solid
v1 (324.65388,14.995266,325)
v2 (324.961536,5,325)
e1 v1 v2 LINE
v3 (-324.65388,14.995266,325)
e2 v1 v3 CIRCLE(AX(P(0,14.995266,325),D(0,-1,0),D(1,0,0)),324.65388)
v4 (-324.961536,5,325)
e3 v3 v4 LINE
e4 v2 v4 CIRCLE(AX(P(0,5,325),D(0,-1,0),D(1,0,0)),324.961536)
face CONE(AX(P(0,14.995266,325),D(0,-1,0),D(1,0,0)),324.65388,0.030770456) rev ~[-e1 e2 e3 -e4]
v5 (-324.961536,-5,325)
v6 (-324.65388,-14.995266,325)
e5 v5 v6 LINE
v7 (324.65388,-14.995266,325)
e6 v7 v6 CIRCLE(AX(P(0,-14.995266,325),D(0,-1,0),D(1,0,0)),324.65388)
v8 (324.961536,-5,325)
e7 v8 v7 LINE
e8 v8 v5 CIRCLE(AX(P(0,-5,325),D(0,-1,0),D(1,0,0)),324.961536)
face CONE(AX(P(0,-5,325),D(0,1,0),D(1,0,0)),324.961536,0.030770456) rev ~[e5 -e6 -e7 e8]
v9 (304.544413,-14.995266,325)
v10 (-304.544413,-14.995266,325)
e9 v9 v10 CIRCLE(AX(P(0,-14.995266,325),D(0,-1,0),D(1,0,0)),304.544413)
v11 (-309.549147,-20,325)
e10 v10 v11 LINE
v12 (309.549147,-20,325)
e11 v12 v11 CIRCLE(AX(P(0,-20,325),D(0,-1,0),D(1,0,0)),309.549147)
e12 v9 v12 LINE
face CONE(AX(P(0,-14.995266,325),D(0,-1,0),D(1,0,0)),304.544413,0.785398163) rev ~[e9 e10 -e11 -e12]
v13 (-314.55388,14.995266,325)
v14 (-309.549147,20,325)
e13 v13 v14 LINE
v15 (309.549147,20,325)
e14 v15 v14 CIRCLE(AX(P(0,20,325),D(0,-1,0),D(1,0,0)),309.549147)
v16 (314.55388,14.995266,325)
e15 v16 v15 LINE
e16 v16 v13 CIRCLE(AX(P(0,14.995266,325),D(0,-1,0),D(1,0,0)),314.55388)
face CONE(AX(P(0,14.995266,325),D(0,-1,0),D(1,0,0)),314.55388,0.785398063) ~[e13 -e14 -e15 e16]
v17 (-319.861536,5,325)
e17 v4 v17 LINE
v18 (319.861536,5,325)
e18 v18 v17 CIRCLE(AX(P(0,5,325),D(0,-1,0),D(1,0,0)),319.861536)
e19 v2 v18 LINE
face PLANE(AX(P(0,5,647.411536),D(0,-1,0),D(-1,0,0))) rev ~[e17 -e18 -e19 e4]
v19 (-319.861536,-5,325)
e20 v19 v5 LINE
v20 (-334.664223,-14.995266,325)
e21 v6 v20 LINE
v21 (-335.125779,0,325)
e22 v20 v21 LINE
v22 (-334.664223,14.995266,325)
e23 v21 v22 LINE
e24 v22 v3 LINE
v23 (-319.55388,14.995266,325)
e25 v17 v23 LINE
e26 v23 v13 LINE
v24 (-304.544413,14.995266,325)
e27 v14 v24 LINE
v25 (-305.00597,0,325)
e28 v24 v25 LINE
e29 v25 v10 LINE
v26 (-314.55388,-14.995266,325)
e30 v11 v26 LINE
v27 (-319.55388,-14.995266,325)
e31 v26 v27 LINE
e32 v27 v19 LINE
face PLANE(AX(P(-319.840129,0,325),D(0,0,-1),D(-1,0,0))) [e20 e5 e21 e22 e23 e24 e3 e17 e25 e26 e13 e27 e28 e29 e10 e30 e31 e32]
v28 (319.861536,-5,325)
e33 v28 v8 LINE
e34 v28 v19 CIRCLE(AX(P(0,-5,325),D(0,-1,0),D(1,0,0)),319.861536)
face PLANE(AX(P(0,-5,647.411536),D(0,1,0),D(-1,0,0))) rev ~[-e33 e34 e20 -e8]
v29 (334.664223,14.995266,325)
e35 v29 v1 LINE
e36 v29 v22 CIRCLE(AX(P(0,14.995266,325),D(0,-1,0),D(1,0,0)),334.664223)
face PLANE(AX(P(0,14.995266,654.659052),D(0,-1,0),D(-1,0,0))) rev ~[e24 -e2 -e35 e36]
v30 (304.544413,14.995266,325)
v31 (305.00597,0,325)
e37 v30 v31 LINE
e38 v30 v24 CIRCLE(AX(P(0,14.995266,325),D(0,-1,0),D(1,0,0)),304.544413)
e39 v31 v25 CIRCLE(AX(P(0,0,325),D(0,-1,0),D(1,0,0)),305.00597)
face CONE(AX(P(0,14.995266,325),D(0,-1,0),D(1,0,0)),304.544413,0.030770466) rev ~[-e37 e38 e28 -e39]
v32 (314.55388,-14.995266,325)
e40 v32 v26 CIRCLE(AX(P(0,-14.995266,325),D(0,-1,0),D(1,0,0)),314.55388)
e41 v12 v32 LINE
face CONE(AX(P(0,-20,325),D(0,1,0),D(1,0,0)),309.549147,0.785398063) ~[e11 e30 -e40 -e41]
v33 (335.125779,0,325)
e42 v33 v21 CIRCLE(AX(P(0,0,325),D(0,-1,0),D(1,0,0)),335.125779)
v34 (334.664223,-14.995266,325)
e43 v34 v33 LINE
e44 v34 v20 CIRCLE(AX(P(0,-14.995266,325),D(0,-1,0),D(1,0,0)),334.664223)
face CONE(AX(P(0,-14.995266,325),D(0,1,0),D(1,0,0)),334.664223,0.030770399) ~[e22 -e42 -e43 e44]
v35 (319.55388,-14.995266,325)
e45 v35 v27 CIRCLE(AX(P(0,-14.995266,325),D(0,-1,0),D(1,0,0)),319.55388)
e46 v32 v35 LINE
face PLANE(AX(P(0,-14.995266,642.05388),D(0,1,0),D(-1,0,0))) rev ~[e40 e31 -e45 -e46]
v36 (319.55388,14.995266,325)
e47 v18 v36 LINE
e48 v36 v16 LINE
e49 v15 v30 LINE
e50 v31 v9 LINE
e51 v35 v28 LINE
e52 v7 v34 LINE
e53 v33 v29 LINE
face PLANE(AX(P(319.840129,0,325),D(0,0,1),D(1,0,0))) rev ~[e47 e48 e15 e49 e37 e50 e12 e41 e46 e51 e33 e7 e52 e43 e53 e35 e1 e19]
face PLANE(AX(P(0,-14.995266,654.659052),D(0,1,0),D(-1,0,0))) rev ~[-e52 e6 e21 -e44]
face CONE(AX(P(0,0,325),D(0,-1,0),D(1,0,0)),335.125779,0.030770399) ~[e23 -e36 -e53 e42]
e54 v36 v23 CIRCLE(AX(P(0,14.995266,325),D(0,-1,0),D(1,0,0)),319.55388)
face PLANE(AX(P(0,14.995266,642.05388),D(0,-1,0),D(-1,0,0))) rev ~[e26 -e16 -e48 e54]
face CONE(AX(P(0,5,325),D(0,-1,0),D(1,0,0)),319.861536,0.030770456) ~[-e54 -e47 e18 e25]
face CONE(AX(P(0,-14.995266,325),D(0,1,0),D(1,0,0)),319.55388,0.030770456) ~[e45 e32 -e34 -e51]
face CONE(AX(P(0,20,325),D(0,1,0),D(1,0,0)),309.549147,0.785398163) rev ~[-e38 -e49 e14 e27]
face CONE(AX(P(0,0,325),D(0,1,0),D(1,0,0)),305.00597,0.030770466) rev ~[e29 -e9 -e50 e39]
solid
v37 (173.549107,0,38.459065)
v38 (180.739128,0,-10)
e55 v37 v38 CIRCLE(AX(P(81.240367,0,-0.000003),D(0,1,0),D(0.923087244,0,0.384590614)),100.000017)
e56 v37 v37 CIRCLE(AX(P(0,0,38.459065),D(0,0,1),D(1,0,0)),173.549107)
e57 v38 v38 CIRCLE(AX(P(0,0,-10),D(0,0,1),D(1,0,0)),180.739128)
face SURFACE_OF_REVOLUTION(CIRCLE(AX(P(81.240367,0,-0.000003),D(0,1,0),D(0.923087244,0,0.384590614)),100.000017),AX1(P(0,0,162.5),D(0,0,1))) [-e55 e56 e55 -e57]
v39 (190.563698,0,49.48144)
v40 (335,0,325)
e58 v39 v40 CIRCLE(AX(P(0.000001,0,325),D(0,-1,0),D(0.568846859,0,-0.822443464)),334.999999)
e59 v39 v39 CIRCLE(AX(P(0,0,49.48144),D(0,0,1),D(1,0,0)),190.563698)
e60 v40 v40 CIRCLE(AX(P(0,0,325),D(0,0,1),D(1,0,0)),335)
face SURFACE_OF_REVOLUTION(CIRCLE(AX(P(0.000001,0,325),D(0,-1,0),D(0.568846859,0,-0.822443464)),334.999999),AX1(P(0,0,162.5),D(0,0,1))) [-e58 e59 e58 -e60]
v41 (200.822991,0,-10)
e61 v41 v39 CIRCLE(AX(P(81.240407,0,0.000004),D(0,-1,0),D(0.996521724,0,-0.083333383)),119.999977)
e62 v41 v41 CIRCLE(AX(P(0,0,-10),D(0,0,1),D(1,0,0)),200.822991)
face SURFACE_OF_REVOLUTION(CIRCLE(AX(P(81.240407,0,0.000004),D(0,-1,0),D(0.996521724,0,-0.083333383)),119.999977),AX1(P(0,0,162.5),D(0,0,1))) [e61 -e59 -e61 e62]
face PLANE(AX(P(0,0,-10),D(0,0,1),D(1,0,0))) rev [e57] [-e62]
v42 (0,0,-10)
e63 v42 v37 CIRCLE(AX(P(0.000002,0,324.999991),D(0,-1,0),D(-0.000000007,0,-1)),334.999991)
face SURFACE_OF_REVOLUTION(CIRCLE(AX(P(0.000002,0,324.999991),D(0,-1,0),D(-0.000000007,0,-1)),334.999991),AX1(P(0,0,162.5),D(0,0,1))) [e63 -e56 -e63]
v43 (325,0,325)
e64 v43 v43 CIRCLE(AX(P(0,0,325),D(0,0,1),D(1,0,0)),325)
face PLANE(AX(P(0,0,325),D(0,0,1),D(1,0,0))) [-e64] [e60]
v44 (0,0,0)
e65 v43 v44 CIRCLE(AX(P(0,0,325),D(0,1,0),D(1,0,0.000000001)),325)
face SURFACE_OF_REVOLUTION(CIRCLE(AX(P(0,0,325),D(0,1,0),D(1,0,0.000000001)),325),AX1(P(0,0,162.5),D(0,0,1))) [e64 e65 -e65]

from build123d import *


with BuildPart() as f1:
    # F0 (on Front) → F1 (revolve)
    with BuildSketch(Plane.XZ):
        with BuildLine():
            ThreePointArc((325, 325), (229.809704, 95.190296), (0, 0))
            Line((0, 0), (0, -10))
            ThreePointArc((0, -10), (90.093803, 2.342121), (173.549107, 38.459065))
            ThreePointArc((173.549107, 38.459065), (180.157502, 14.676638), (180.739128, -10))
            Line((180.739128, -10), (200.822991, -10))
            ThreePointArc((200.822991, -10), (199.494309, 20.396306), (190.563698, 49.48144))
            ThreePointArc((190.563698, 49.48144), (296.701735, 169.45875), (335, 325))
            Line((335, 325), (325, 325))
        make_face()
    revolve(axis=Axis((0, 0, 162.5), (0, 0, 1)))


with BuildPart() as f5:
    # F5: sweep along a path in F2
    with BuildLine(Plane.XZ) as f5_path:
        ThreePointArc((335, 325), (0, 660), (-335, 325))
    # F4 (on offset) → F5 (sweep)
    with BuildSketch(Plane.XY.offset(325)):
        Polygon((334.664223, -14.995266), (335.125779, 0), (334.664223, 14.995266), (324.65388, 14.995266), (324.961536, 5), (319.861536, 5), (319.55388, 14.995266), (314.55388, 14.995266), (309.549147, 20), (304.544413, 14.995266), (305.00597, 0), (304.544413, -14.995266), (309.549147, -20), (314.55388, -14.995266), (319.55388, -14.995266), (319.861536, -5), (324.961536, -5), (324.65388, -14.995266), align=None)
    sweep(path=f5_path.line)


solid = Compound([f1.part, f5.part])
